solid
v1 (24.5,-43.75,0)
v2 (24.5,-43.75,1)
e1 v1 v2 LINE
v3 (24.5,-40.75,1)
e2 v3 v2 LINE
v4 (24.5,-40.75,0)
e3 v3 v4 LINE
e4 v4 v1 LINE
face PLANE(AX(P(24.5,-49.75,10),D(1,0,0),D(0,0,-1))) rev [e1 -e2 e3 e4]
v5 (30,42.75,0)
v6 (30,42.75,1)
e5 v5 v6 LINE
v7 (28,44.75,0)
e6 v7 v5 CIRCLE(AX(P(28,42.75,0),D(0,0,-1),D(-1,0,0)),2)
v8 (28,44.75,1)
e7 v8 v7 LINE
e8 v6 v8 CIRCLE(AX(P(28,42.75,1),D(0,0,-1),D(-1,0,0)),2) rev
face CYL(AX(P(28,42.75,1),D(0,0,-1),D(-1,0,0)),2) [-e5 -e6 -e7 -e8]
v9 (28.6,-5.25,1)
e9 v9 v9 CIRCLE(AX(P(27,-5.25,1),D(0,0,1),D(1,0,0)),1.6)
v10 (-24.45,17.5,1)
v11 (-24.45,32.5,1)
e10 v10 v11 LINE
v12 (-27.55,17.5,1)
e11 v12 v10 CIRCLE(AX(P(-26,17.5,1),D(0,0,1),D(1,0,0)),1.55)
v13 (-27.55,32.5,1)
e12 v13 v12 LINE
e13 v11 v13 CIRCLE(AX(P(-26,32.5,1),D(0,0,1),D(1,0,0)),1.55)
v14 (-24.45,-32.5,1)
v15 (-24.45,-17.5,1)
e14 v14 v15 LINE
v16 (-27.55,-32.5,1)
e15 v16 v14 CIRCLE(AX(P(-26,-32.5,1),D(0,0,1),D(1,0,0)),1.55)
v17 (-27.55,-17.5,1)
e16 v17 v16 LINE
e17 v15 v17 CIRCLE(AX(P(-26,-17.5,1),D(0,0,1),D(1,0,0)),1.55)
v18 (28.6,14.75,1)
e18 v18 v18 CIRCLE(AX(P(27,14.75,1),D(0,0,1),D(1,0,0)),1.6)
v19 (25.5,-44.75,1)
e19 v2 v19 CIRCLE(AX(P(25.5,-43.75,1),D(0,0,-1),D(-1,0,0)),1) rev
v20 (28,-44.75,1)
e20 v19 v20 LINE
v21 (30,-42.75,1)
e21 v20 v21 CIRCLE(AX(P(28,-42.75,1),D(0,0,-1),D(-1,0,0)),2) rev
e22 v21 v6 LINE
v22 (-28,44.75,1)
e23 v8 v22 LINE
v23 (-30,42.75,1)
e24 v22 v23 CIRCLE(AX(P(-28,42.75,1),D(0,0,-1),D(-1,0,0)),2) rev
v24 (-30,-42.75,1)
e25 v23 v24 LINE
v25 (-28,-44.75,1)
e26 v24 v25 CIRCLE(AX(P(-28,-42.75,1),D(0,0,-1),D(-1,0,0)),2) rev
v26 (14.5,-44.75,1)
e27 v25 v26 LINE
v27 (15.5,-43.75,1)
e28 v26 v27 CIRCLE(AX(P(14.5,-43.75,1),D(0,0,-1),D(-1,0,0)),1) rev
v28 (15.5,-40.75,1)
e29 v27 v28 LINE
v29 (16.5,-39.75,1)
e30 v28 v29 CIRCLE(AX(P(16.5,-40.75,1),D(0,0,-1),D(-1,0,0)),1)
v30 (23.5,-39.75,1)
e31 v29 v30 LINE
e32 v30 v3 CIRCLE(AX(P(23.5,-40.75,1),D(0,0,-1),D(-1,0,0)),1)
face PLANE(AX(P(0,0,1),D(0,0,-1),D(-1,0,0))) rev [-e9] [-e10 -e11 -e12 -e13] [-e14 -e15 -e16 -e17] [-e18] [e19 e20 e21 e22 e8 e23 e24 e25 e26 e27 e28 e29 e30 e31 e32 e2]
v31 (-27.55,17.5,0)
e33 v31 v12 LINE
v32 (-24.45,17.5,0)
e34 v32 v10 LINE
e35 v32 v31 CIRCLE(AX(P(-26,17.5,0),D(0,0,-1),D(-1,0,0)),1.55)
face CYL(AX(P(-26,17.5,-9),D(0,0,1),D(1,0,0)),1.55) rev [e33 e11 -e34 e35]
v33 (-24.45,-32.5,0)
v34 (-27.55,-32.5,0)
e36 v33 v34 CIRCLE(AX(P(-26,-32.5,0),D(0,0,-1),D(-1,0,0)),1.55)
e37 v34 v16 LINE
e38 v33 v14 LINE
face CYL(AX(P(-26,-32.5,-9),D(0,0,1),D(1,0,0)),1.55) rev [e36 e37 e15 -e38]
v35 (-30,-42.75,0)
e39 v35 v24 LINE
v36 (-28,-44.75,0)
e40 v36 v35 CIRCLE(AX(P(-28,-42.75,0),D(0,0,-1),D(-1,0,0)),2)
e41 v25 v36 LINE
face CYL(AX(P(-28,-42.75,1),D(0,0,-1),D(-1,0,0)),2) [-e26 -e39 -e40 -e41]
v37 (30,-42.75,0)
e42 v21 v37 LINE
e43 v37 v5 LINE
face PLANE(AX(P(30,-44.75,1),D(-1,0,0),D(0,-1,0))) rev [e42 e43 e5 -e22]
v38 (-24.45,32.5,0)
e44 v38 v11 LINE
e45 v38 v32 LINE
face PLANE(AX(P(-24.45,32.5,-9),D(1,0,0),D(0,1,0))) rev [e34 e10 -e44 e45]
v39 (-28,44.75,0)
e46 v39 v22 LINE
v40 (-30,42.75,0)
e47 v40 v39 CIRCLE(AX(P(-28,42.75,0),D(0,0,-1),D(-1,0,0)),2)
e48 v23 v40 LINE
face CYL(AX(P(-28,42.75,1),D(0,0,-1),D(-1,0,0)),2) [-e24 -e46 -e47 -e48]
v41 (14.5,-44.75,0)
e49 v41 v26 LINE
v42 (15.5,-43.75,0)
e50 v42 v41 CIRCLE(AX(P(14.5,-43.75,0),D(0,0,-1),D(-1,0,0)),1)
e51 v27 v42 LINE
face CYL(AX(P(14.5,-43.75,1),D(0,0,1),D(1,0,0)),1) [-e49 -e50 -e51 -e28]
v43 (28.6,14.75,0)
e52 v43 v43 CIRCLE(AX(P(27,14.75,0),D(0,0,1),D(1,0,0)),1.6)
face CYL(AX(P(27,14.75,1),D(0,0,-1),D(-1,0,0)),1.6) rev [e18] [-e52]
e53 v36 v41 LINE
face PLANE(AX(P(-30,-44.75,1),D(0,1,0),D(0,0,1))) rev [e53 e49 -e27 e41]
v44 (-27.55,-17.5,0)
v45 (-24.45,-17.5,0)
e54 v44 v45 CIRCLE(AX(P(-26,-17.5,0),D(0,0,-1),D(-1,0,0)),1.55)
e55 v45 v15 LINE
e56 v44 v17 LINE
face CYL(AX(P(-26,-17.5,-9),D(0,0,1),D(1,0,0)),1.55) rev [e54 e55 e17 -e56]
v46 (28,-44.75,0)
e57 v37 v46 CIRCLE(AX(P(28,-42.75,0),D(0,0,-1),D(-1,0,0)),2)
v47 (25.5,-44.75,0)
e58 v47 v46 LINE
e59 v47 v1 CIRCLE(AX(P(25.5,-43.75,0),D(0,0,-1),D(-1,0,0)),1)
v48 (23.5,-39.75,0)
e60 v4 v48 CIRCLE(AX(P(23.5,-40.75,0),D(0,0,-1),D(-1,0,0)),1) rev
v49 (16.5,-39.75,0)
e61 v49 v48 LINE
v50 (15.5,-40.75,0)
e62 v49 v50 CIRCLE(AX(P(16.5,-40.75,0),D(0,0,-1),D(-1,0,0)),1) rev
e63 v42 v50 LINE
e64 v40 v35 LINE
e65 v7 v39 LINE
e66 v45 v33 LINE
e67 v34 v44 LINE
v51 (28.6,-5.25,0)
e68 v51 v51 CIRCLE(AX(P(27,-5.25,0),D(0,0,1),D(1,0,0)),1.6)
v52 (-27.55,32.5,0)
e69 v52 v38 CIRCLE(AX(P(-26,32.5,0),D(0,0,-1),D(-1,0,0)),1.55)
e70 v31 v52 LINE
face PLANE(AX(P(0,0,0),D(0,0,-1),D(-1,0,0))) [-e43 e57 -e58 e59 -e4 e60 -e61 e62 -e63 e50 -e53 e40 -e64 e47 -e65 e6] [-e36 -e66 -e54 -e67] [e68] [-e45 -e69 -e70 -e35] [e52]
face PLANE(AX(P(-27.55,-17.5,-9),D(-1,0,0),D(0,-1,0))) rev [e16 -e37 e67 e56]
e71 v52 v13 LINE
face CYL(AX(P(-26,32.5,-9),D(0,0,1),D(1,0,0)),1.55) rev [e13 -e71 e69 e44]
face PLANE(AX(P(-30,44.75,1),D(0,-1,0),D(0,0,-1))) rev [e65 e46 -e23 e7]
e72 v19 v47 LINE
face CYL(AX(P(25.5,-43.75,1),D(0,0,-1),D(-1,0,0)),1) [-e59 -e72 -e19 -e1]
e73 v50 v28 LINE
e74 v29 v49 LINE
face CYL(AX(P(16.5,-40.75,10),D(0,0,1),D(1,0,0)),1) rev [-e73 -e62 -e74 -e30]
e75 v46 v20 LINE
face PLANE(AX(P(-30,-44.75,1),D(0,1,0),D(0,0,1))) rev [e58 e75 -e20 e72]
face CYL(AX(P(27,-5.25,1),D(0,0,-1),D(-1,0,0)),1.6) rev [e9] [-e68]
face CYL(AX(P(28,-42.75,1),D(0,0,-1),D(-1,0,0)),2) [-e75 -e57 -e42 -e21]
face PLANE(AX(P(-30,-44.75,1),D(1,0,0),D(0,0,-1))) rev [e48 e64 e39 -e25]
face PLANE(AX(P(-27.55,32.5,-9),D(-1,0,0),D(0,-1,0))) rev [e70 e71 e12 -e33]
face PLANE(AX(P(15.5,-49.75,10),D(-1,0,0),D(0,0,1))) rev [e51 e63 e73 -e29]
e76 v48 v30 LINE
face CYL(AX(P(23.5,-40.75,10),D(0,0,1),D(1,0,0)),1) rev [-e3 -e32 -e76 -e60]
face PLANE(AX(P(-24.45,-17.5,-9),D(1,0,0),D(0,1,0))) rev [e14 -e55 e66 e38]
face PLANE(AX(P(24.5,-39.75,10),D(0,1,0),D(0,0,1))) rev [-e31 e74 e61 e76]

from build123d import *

# Parameters (mm, degrees)
SKETCH_1_W          = 60
SKETCH_1_H          = 89.5
SKETCH_1_R          = 1.6
EXTRUDE_1_DEPTH     = 1
CUT_EXTRUDE_1_DEPTH = 10
FILLET_1_R          = 2
SKETCH_3_W          = 9
SKETCH_3_H          = 10
CUT_EXTRUDE_2_DEPTH = 10
FILLET_2_R          = 1


with BuildPart() as part:
    # 草图1 → 凸台-拉伸1 (new body)
    with BuildSketch(Plane.XY):
        Rectangle(SKETCH_1_W, SKETCH_1_H)
        with Locations((27, 14.75)):
            Circle(SKETCH_1_R, mode=Mode.SUBTRACT)
        with Locations((27, -5.25)):
            Circle(SKETCH_1_R, mode=Mode.SUBTRACT)
    extrude(amount=EXTRUDE_1_DEPTH)

    # 草图2 → 切除-拉伸1 (cut)
    with BuildSketch(Plane.XY.offset(1)):
        with BuildLine():
            Line((-24.45, 32.5), (-24.45, 17.5))
            ThreePointArc((-24.45, 17.5), (-26, 15.95), (-27.55, 17.5))
            Line((-27.55, 17.5), (-27.55, 32.5))
            ThreePointArc((-27.55, 32.5), (-26, 34.05), (-24.45, 32.5))
        make_face()
        with BuildLine():
            Line((-24.45, -17.5), (-24.45, -32.5))
            ThreePointArc((-24.45, -32.5), (-26, -34.05), (-27.55, -32.5))
            Line((-27.55, -32.5), (-27.55, -17.5))
            ThreePointArc((-27.55, -17.5), (-26, -15.95), (-24.45, -17.5))
        make_face()
    extrude(amount=-CUT_EXTRUDE_1_DEPTH, mode=Mode.SUBTRACT)

    # 圆角1
    fillet_1_edges = [part.edges().sort_by_distance(p)[0] for p in [
        (30, -44.75, 0.5),
        (-30, -44.75, 0.5),
        (-30, 44.75, 0.5),
        (30, 44.75, 0.5),
    ]]
    fillet(fillet_1_edges, radius=FILLET_1_R)

    # 草图3 → 切除-拉伸2 (cut)
    with BuildSketch(Plane(origin=(0, 0, 0), x_dir=(-1, 0, 0), z_dir=(0, 0, -1))):
        with Locations((-20, -44.75)):
            Rectangle(SKETCH_3_W, SKETCH_3_H)
    extrude(amount=-CUT_EXTRUDE_2_DEPTH, mode=Mode.SUBTRACT)

    # 圆角2
    fillet_2_edges = [part.edges().sort_by_distance(p)[0] for p in [
        (24.5, -44.75, 0.5),
        (15.5, -44.75, 0.5),
        (24.5, -39.75, 0.5),
        (15.5, -39.75, 0.5),
    ]]
    fillet(fillet_2_edges, radius=FILLET_2_R)


solid = part.part
